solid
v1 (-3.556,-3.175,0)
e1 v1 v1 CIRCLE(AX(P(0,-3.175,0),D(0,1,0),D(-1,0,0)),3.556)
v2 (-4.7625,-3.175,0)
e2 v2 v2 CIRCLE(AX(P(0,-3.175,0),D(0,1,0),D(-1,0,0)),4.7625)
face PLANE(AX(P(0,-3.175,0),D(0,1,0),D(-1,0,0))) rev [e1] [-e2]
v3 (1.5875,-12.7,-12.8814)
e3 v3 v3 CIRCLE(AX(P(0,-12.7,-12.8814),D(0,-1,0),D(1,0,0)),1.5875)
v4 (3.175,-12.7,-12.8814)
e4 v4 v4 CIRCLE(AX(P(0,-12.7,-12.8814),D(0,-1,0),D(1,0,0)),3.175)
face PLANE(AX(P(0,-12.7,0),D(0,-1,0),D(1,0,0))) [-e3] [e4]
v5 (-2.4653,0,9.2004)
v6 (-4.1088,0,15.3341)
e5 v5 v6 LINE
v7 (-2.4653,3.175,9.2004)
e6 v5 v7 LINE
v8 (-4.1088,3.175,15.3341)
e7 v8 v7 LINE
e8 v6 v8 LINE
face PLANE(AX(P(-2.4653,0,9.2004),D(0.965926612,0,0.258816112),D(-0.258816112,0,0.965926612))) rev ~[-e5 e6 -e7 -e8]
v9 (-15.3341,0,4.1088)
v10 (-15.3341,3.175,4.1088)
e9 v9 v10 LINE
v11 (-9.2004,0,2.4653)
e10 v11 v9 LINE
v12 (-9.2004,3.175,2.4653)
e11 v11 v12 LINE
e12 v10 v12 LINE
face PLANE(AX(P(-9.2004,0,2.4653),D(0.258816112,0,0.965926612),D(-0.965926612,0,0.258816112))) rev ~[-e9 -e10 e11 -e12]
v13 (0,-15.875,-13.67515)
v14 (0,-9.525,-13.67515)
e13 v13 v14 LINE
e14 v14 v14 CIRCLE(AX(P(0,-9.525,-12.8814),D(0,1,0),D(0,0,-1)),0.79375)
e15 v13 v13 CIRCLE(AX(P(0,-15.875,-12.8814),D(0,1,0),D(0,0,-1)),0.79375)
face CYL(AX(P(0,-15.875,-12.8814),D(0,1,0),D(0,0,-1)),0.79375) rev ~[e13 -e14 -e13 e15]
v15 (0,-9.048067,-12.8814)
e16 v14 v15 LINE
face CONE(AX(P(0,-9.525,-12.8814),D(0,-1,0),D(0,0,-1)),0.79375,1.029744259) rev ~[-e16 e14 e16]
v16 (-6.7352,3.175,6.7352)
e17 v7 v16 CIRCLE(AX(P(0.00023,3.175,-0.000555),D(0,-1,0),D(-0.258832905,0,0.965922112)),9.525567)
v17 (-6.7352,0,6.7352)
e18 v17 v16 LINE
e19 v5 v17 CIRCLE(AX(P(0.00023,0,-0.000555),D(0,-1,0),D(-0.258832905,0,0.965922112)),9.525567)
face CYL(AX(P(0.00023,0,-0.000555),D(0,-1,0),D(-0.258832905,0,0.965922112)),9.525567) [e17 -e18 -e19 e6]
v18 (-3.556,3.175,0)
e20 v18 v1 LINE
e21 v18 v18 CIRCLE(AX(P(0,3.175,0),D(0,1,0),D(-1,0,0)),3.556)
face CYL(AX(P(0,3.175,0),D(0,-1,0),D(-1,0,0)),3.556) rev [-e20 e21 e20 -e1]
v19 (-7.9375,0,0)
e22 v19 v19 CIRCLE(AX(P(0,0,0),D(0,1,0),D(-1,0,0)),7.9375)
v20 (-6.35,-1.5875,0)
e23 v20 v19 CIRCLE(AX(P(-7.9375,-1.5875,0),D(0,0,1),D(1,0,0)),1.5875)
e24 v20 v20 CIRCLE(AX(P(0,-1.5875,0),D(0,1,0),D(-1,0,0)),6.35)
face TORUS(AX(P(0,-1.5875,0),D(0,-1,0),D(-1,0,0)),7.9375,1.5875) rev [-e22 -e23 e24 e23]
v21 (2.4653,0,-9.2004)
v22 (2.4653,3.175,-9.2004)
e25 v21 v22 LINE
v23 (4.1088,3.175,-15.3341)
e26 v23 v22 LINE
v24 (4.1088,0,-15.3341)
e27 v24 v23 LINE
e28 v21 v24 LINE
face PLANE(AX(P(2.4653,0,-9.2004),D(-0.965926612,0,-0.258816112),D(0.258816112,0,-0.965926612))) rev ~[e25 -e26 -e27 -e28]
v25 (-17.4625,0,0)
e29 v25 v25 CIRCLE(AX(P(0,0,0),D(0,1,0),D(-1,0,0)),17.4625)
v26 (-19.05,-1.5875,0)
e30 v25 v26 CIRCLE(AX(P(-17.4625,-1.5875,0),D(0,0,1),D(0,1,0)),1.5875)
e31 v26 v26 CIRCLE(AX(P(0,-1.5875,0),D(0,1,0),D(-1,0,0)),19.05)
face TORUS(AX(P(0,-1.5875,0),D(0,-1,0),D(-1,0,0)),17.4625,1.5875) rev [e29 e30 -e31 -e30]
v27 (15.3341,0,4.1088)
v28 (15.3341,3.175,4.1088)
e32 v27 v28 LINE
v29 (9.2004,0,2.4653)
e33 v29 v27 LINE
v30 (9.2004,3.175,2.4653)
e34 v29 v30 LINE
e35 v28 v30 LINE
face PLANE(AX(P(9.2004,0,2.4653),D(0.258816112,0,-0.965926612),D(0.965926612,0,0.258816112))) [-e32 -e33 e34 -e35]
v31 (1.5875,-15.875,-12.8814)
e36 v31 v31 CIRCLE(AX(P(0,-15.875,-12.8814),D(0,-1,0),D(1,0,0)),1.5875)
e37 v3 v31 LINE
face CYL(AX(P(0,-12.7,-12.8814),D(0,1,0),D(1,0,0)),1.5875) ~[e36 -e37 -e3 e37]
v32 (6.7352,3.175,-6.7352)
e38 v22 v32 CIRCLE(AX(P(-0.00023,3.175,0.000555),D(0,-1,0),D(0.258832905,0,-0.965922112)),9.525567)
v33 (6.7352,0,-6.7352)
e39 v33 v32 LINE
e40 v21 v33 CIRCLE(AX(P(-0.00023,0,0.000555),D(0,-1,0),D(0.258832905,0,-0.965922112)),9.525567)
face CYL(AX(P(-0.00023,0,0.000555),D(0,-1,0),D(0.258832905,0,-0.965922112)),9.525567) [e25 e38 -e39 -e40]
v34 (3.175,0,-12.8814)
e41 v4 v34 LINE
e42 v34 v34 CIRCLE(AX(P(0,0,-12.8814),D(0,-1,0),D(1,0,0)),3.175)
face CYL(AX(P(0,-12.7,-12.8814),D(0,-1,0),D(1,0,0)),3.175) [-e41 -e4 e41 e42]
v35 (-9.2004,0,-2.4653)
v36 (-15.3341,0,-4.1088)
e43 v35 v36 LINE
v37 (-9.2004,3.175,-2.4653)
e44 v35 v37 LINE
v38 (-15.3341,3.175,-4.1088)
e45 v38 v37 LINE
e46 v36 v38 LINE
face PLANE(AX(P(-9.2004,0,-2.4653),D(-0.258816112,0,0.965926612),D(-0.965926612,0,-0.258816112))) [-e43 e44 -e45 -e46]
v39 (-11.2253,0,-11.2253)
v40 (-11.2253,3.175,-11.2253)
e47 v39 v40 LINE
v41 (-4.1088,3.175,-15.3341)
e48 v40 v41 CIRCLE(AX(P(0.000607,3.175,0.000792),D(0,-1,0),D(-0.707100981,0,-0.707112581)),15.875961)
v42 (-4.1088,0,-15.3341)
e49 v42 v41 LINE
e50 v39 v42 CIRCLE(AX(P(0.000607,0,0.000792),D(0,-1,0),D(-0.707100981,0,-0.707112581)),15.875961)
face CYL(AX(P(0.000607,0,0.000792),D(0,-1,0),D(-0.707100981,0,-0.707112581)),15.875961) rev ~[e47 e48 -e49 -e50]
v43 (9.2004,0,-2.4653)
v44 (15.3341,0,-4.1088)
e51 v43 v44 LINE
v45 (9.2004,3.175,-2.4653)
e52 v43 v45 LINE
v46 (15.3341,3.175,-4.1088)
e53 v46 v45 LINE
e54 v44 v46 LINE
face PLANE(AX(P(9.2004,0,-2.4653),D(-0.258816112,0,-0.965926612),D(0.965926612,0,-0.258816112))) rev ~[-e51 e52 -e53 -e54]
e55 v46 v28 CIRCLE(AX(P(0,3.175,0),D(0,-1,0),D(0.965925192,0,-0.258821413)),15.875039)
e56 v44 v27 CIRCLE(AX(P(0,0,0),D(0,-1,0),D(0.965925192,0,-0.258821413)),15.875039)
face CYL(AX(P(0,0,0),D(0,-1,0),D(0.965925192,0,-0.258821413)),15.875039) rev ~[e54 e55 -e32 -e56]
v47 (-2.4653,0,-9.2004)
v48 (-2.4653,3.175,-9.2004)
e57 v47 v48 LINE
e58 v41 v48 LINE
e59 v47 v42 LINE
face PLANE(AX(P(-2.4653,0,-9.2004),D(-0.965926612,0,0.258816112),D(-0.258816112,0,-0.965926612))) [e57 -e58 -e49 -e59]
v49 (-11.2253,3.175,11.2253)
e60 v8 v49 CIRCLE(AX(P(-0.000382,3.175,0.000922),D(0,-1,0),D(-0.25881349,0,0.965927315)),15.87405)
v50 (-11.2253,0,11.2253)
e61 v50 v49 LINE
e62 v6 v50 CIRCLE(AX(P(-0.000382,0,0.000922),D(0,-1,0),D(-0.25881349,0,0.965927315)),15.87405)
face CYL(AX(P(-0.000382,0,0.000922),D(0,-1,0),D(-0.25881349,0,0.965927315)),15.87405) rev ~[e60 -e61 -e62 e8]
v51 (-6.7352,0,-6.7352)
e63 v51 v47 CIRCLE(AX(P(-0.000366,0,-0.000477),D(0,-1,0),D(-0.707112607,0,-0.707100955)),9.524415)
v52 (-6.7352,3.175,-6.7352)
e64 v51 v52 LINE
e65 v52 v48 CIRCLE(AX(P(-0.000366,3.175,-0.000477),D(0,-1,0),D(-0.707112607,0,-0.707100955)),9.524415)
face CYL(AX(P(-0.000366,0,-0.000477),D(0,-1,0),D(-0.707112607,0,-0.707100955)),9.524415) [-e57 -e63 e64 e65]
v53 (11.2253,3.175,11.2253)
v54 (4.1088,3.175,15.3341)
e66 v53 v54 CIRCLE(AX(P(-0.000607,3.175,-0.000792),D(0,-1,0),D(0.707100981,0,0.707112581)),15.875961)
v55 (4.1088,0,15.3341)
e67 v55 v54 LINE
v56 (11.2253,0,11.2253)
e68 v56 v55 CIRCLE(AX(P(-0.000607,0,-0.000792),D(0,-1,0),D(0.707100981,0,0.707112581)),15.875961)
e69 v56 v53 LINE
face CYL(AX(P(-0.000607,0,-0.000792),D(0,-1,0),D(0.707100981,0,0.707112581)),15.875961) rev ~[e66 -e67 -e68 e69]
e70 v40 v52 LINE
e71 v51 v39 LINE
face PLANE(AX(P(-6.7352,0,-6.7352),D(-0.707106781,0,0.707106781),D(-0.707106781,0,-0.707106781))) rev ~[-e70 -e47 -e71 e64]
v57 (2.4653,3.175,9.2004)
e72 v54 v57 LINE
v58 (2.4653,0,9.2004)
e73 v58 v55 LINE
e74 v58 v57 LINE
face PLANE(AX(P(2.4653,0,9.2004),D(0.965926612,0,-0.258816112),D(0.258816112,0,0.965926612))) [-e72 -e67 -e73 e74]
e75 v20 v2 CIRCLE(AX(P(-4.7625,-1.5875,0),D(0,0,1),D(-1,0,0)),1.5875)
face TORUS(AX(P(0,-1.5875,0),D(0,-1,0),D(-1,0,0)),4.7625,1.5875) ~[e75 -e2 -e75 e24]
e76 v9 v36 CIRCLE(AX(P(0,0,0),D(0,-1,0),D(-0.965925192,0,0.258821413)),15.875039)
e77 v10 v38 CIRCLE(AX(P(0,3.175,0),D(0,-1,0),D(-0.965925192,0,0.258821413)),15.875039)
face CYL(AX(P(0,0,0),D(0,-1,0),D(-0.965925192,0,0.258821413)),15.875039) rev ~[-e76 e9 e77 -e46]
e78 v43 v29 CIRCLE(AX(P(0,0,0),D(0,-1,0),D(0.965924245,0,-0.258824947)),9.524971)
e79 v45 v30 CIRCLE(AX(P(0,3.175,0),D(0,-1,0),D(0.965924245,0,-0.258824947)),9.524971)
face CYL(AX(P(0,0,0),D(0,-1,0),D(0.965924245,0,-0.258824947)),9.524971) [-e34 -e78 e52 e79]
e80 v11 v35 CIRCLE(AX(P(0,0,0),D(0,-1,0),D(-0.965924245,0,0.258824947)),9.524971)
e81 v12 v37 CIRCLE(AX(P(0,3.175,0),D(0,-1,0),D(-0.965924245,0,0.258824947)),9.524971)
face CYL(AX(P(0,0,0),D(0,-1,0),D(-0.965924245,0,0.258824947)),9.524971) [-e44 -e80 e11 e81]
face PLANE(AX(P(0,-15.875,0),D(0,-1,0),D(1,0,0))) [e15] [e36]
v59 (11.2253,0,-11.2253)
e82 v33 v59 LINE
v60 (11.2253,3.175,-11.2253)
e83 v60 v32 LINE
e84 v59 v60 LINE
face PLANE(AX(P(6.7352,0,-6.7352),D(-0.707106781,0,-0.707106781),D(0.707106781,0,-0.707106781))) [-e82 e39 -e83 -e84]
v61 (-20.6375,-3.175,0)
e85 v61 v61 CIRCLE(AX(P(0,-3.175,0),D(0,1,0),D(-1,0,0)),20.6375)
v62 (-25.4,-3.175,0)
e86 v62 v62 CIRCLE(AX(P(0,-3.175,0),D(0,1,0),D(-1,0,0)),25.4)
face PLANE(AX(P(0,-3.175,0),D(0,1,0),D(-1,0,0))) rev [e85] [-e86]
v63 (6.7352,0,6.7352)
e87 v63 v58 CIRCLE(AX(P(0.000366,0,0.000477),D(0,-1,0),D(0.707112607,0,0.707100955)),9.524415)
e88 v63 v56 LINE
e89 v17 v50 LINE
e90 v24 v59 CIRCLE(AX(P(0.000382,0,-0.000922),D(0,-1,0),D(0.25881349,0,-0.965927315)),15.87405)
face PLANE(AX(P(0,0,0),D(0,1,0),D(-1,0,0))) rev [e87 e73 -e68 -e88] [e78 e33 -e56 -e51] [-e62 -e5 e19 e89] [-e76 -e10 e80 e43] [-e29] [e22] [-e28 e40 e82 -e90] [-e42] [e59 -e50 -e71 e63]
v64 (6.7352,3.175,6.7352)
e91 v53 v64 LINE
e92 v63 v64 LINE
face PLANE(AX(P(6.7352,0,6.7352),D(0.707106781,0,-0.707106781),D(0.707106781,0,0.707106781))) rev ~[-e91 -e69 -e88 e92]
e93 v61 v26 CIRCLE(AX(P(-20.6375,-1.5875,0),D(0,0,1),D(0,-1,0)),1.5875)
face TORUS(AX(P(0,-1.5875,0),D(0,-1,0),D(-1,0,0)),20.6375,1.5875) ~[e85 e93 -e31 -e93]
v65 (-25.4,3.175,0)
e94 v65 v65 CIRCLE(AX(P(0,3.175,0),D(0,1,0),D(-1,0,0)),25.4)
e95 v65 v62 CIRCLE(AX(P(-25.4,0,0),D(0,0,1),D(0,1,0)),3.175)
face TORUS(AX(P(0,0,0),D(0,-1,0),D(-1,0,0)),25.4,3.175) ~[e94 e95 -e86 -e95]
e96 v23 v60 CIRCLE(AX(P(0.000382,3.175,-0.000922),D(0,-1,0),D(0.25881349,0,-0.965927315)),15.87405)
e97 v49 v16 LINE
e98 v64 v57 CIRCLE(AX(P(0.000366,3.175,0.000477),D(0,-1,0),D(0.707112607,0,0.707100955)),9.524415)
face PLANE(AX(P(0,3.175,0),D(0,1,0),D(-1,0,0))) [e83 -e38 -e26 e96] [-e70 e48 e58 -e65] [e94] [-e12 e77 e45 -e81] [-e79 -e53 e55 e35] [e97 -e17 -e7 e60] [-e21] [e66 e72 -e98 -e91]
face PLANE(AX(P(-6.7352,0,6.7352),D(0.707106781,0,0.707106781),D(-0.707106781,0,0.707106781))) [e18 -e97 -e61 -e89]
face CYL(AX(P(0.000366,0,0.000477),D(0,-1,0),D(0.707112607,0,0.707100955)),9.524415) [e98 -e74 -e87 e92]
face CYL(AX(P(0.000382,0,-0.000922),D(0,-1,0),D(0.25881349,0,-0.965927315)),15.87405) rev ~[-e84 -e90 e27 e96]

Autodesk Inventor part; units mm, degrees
ref_plane "XZ Plane" through (0, 0, 0) normal (0, 1, 0) x (-1, 0, 0)
ref_plane "XY Plane" through (0, 0, 0) normal (0, 0, 1) x (1, 0, 0)
sketch "wheel1" plane through (0, 0, 0) normal (0, 0, 1) x (1, 0, 0)
  line L0 (-15.948, 2.7835) -> (-15.948, 2.7835)
  line L1 (-5.6765, 2.7938) -> (-5.6765, 2.7732)
sketch "wheel2" plane through (0, 0, 0) normal (0, 0, 1) x (1, 0, 0)
  arc A0 (-25.4, 3.175) -> (-25.4, -3.175) centre (-25.4, 0) ccw
  line L0 (-25.4, 3.175) -> (-3.556, 3.175)
  line L1 (-3.556, 3.175) -> (-3.556, -3.175)
  line L2 (-25.4, -3.175) -> (-25.4, 3.175) construction
  line L3 (-19.05, -3.175) -> (-6.35, -3.175) construction
  line L4 (-6.35, -1.5875) -> (-6.35, -1.5875)
  line L5 (-7.9375, 0) -> (-17.4625, 0)
  line L6 (-19.05, -1.5875) -> (-19.05, -1.5875)
  line L7 (-3.556, -3.175) -> (-4.7625, -3.175)
  line L8 (-20.6375, -3.175) -> (-25.4, -3.175)
  arc A1 (-20.6375, -3.175) -> (-19.05, -1.5875) centre (-20.6375, -1.5875) ccw
  arc A2 (-6.35, -1.5875) -> (-4.7625, -3.175) centre (-4.7625, -1.5875) ccw
  arc A3 (-17.4625, 0) -> (-19.05, -1.5875) centre (-17.4625, -1.5875) ccw
  arc A4 (-6.35, -1.5875) -> (-7.9375, 0) centre (-7.9375, -1.5875) ccw
  line L9 (0, -4.8395) -> (0, 4.5108) projected
  point P0 (0, 0)
  point P1 (-6.35, 0)
  dimension "d35" = 6.35
  dimension "d36" = 25.4
  dimension "d37" = 21.844
  dimension "d39" = 3.175
  dimension "d40" = 6.35
  dimension "d41" = 6.35
  dimension "d42" = 3.175
  dimension "d43" = 1.5875
revolve "Revolution1" add sketch "wheel2" angle 360 about axis through (0, -10, 0) along (0, 1, 0)
sketch "Sketch6" plane through (0, 0, 0) normal (0, -1, 0) x (1, 0, 0)
  circle A0 centre (0, 0) radius 7.9375 projected
  circle A1 centre (0, 0) radius 17.4625 projected
  arc A2 (15.3341, -4.1088) -> (15.3341, 4.1088) centre (0, 0) ccw
  arc A3 (9.2004, -2.4653) -> (9.2004, 2.4653) centre (0, 0) ccw
  line L0 (9.2004, 2.4653) -> (15.3341, 4.1088)
  line L1 (9.2004, -2.4653) -> (15.3341, -4.1088)
  arc A4 (11.2253, 11.2253) -> (4.1088, 15.3341) centre (0, 0) ccw
  line L2 (2.4653, 9.2004) -> (4.1088, 15.3341)
  arc A5 (6.7352, 6.7352) -> (2.4653, 9.2004) centre (0, 0) ccw
  line L3 (6.7352, 6.7352) -> (11.2253, 11.2253)
  arc A6 (-4.1088, 15.3341) -> (-11.2253, 11.2253) centre (0, 0) ccw
  line L4 (-6.7352, 6.7352) -> (-11.2253, 11.2253)
  arc A7 (-2.4653, 9.2004) -> (-6.7352, 6.7352) centre (0, 0) ccw
  line L5 (-2.4653, 9.2004) -> (-4.1088, 15.3341)
  arc A8 (-15.3341, 4.1088) -> (-15.3341, -4.1088) centre (0, 0) ccw
  line L6 (-9.2004, -2.4653) -> (-15.3341, -4.1088)
  arc A9 (-9.2004, 2.4653) -> (-9.2004, -2.4653) centre (0, 0) ccw
  line L7 (-9.2004, 2.4653) -> (-15.3341, 4.1088)
  arc A10 (-11.2253, -11.2253) -> (-4.1088, -15.3341) centre (0, 0) ccw
  line L8 (-2.4653, -9.2004) -> (-4.1088, -15.3341)
  arc A11 (-6.7352, -6.7352) -> (-2.4653, -9.2004) centre (0, 0) ccw
  line L9 (-6.7352, -6.7352) -> (-11.2253, -11.2253)
  arc A12 (4.1088, -15.3341) -> (11.2253, -11.2253) centre (0, 0) ccw
  line L10 (6.7352, -6.7352) -> (11.2253, -11.2253)
  arc A13 (2.4653, -9.2004) -> (6.7352, -6.7352) centre (0, 0) ccw
  line L11 (2.4653, -9.2004) -> (4.1088, -15.3341)
  dimension "d47" = 31.75
  dimension "d48" = 19.05
  dimension "d51" = 360
extrude "Extrusion2" cut sketch "Sketch6" against normal blind 6.35 contours L1 A3 L0 A2 | L3 A5 L2 A4 | L5 A7 L4 A6 | L7 A9 L6 A8 | L9 A11 L8 A10 | L11 A13 L10 A12
ref_plane "Work Plane1" through (0, -12.7, 0) normal (0, -1, 0) x (1, 0, 0)
sketch "wheel3" plane through (0, -3.175, 0) normal (0, -1, 0) x (1, 0, 0)
  point P0 (0, 0)
sketch "wheel5" plane through (0, -12.7, 0) normal (0, -1, 0) x (1, 0, 0)
  circle A0 centre (0, -12.8814) radius 3.175
  circle A1 centre (0, -12.8814) radius 1.5875
  point P0 (0, 0)
  dimension "d58" = 6.35
  dimension "d61" = 3.175
  dimension "d67" = 12.8814
extrude "Extrusion3" add sketch "wheel5" against normal up to next contours A0 | A1
extrude "Extrusion4" add sketch "wheel5" along normal blind 3.175 contours A1
sketch "Sketch12" plane through (0, -12.7, 0) normal (0, -1, 0) x (1, 0, 0)
  point P0 (0, 0)
sketch "Sketch13" plane through (0, -15.875, -12.8814) normal (0, -1, 0) x (1, 0, 0)
  circle A0 centre (0, 0) radius 1.5875 projected
  point P0 (0, 12.8814)
hole "Hole1" at (0, -15.875, -12.8814) direction (0, 1, 0) diameter 1.5875 depth 6.35 tip angle 118
properties part number "Sun_wheel"
